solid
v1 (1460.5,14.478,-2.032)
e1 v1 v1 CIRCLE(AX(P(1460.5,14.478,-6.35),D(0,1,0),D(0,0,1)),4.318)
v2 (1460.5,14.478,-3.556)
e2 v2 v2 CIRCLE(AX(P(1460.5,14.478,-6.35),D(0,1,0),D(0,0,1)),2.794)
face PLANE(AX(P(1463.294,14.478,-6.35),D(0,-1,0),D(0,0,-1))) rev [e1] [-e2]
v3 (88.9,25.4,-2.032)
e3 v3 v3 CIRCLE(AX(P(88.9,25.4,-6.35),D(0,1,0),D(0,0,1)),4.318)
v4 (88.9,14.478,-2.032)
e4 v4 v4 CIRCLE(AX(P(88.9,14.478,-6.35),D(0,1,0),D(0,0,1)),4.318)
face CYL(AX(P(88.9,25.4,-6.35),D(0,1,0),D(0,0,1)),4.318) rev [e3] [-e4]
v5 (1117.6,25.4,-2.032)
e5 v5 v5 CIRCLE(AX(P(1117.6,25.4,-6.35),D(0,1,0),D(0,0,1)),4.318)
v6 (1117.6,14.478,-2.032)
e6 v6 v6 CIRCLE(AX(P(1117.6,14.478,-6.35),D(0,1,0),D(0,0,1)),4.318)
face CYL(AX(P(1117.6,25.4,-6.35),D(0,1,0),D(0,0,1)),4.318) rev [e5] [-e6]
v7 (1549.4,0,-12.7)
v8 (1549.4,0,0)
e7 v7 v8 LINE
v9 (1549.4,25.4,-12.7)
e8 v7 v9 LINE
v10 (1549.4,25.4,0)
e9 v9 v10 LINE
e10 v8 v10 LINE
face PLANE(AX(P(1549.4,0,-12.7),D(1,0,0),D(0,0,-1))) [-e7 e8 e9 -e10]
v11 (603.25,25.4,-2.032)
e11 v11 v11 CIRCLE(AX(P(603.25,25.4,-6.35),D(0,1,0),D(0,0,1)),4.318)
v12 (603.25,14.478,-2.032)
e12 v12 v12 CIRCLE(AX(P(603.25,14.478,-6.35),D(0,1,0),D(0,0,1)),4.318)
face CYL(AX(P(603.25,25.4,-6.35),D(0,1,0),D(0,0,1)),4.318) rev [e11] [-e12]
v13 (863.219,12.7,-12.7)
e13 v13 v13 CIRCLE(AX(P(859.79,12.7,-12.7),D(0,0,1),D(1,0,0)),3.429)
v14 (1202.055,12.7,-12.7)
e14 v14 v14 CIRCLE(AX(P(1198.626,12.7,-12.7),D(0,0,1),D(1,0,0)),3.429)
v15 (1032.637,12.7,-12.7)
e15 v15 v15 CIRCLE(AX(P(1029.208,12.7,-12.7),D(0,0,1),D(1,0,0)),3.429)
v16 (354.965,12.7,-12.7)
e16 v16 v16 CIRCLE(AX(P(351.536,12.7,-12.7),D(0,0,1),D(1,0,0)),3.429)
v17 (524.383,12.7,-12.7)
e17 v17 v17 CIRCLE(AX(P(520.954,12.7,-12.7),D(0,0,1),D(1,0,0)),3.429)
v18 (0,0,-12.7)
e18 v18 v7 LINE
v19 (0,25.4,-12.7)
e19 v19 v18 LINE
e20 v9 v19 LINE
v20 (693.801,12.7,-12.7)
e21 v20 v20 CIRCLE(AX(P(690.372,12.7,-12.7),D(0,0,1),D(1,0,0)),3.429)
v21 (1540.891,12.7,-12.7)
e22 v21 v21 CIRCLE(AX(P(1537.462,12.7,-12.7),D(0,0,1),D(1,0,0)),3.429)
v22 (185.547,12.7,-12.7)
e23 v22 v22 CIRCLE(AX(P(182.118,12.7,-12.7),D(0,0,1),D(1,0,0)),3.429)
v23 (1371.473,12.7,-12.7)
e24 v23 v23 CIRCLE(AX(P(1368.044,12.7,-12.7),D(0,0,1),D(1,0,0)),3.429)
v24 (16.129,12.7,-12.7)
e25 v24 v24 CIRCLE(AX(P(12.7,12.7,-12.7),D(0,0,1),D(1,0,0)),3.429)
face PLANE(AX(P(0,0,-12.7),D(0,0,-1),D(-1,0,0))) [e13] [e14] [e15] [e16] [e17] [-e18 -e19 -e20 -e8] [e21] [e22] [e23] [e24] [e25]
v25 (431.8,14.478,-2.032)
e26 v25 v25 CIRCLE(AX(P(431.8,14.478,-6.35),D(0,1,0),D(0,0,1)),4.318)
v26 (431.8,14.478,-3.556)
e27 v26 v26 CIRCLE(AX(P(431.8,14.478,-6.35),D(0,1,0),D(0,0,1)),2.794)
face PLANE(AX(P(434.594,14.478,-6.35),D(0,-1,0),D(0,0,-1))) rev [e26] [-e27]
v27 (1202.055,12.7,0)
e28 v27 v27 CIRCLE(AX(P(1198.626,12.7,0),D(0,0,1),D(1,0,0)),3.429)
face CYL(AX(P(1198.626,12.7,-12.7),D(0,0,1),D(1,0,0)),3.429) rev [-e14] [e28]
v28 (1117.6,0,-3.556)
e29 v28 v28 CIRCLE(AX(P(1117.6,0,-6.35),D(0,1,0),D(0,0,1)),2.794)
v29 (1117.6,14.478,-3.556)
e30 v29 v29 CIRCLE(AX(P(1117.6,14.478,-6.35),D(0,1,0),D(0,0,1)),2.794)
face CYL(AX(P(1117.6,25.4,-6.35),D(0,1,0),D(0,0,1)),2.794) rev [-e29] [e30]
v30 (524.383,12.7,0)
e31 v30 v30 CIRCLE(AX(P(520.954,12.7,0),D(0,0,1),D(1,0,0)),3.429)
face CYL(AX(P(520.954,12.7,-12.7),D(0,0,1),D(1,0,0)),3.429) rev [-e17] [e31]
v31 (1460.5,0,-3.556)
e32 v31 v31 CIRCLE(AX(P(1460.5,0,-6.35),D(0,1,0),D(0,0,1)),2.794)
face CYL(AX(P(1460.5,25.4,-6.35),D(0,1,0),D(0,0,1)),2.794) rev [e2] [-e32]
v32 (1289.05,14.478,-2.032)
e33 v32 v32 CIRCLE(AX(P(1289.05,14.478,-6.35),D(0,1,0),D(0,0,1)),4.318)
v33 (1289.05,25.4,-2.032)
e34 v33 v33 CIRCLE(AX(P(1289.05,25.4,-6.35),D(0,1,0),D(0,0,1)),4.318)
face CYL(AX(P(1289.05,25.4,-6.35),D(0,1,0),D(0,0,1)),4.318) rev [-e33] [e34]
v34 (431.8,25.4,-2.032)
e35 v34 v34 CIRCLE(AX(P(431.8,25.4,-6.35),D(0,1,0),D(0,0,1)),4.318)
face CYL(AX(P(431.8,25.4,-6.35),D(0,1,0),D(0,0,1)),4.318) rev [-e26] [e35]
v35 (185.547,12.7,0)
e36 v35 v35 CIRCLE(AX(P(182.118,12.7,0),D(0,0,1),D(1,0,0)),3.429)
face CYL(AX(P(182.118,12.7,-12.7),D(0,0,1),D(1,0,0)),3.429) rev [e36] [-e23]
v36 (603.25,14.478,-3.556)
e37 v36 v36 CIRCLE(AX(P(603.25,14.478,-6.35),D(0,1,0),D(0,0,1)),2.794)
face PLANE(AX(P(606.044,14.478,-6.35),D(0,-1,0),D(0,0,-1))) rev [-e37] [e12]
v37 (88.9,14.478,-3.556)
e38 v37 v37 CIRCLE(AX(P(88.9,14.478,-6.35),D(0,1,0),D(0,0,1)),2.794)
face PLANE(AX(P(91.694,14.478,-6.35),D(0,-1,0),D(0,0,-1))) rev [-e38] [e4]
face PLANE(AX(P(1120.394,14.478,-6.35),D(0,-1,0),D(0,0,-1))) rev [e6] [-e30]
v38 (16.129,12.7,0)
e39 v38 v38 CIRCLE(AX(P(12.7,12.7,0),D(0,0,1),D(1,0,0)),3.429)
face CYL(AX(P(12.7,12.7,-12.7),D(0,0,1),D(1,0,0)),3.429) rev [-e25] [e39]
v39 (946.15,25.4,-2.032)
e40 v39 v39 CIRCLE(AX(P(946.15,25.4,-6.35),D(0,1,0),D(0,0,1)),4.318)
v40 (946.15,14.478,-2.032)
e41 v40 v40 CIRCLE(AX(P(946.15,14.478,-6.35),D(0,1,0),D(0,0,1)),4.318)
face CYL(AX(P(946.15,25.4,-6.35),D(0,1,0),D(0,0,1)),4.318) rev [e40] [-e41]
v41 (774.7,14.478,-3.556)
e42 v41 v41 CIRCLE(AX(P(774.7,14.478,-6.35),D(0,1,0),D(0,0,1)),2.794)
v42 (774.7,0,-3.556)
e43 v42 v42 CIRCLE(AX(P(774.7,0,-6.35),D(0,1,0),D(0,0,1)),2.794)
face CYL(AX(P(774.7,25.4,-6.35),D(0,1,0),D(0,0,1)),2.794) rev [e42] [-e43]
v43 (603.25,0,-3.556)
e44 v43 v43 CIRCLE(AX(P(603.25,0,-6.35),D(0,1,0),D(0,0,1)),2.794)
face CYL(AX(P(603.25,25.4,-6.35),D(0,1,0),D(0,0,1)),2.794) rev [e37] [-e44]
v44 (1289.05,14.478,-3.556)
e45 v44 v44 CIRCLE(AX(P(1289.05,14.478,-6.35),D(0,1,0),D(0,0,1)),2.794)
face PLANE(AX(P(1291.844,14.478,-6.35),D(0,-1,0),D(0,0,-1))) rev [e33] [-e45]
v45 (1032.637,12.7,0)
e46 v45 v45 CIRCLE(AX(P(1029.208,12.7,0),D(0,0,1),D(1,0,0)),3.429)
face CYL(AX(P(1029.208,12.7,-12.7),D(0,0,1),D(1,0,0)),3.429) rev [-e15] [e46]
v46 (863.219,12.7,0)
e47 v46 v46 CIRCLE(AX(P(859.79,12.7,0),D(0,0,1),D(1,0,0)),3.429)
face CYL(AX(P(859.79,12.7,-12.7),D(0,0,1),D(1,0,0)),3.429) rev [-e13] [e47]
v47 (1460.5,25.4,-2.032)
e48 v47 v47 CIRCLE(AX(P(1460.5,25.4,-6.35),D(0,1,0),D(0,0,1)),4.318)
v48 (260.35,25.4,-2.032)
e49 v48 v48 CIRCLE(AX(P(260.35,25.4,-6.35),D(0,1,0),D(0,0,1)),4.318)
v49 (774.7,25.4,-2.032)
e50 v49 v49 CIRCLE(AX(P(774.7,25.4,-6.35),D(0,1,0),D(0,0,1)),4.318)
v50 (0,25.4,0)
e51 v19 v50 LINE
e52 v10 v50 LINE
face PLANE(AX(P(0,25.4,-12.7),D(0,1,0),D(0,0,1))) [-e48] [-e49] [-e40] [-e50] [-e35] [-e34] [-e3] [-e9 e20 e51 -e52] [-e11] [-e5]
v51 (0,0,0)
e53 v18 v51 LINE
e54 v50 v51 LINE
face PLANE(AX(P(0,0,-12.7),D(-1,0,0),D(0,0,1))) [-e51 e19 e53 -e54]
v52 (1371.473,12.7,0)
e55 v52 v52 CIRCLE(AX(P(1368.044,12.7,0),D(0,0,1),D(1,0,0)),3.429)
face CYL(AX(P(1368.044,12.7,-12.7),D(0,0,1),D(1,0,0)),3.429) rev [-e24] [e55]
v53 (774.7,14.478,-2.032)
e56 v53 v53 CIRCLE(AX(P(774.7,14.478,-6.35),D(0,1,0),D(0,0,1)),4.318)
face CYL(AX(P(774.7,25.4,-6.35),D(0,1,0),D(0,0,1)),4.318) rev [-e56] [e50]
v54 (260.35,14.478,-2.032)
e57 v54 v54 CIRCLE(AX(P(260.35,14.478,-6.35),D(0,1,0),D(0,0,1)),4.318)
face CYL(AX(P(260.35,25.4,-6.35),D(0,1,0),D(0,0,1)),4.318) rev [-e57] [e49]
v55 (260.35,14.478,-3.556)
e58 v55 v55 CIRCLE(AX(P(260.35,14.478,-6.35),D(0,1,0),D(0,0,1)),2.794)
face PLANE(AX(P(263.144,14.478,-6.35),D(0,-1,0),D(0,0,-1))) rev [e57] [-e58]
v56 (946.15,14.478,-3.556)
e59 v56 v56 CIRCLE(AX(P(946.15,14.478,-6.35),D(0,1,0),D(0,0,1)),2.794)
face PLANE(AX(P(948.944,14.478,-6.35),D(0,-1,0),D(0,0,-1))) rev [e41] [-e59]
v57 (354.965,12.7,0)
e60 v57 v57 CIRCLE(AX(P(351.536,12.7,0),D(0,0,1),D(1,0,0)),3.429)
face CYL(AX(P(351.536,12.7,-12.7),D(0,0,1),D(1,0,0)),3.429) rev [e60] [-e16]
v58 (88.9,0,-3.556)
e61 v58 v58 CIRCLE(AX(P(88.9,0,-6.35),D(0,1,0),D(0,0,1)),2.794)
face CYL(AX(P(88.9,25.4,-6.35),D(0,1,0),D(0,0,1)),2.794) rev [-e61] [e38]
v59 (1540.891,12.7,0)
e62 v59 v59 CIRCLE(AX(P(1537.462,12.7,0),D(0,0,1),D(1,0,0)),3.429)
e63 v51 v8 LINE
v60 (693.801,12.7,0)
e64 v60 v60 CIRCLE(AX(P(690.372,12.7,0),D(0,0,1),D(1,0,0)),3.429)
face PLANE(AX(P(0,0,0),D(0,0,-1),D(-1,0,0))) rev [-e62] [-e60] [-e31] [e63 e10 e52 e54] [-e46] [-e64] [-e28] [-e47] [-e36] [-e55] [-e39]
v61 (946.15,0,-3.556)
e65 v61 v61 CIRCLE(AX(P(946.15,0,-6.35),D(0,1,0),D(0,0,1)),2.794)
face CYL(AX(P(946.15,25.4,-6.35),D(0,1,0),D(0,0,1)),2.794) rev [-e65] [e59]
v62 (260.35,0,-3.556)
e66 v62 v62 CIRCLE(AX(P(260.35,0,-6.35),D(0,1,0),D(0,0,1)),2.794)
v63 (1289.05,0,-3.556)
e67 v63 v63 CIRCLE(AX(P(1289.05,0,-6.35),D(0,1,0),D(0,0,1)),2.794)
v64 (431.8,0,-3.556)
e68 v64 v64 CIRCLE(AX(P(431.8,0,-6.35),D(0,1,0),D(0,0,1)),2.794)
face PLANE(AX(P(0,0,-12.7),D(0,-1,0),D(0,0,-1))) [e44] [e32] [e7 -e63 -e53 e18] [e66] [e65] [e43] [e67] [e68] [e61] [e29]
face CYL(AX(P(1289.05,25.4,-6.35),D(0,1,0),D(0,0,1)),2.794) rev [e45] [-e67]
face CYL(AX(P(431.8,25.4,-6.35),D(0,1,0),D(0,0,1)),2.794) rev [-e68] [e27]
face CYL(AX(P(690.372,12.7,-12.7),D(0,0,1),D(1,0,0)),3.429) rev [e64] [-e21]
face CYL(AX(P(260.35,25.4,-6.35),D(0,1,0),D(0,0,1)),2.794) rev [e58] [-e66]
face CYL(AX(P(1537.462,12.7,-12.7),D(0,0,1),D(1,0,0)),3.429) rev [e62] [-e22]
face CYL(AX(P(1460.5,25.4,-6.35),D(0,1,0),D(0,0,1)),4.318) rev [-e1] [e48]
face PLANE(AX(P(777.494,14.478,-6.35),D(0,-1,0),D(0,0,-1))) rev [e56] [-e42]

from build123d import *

# Parameters (mm, degrees)
SKETCH1_W           = 1549.4
SKETCH1_H           = 25.4
SKETCH1_R           = 3.429
BOSS_EXTRUDE1_DEPTH = 12.7
HOLE1_D             = 5.588
HOLE1_CBORE_D       = 8.636
HOLE1_CBORE_DEPTH   = 10.922
LPATTERN1_COUNT     = 9
LPATTERN1_PITCH     = 171.45
LPATTERN2_COUNT     = 9
LPATTERN2_PITCH     = 171.45


with BuildPart() as part:
    # Sketch1 → Boss-Extrude1 (new body)
    with BuildSketch(Plane.XY):
        with Locations((774.7, 12.7)):
            Rectangle(SKETCH1_W, SKETCH1_H)
        with Locations((12.7, 12.7)):
            Circle(SKETCH1_R, mode=Mode.SUBTRACT)
        with Locations((182.118, 12.7)):
            Circle(SKETCH1_R, mode=Mode.SUBTRACT)
        with Locations((351.536, 12.7)):
            Circle(SKETCH1_R, mode=Mode.SUBTRACT)
        with Locations((520.954, 12.7)):
            Circle(SKETCH1_R, mode=Mode.SUBTRACT)
        with Locations((690.372, 12.7)):
            Circle(SKETCH1_R, mode=Mode.SUBTRACT)
        with Locations((859.79, 12.7)):
            Circle(SKETCH1_R, mode=Mode.SUBTRACT)
        with Locations((1029.208, 12.7)):
            Circle(SKETCH1_R, mode=Mode.SUBTRACT)
        with Locations((1198.626, 12.7)):
            Circle(SKETCH1_R, mode=Mode.SUBTRACT)
        with Locations((1368.044, 12.7)):
            Circle(SKETCH1_R, mode=Mode.SUBTRACT)
        with Locations((1537.462, 12.7)):
            Circle(SKETCH1_R, mode=Mode.SUBTRACT)
    extrude(amount=-BOSS_EXTRUDE1_DEPTH)

    # Hole1 (through all)
    with Locations(Plane(origin=(88.9, 25.4, -6.35), x_dir=(0, 0, 1), z_dir=(0, 1, 0))):
        with Locations((0, 0)):
            hole1 = CounterBoreHole(HOLE1_D / 2, HOLE1_CBORE_D / 2, HOLE1_CBORE_DEPTH)

    # LPattern1: Hole1 ×9
    with Locations(*[(i * LPATTERN1_PITCH, 0, 0) for i in range(1, LPATTERN1_COUNT)]):
        add(hole1, mode=Mode.SUBTRACT)

    # Sketch5 → Hole2 (revolve, cut)
    with BuildSketch(Plane(origin=(88.9, 0, -6.35), x_dir=(0, 0, -1), z_dir=(1, 0, 0))):
        Polygon((0, 0), (0, 25.4), (2.794, 25.4), (2.794, 9.906), (2.54, 9.906), (2.54, 0), align=None)
    hole2 = revolve(axis=Axis((88.9, 110, -6.35), (0, -1, 0)), mode=Mode.SUBTRACT)

    # LPattern2: Hole2 ×9
    with Locations(*[(i * LPATTERN2_PITCH, 0, 0) for i in range(1, LPATTERN2_COUNT)]):
        add(hole2, mode=Mode.SUBTRACT)


solid = part.part
